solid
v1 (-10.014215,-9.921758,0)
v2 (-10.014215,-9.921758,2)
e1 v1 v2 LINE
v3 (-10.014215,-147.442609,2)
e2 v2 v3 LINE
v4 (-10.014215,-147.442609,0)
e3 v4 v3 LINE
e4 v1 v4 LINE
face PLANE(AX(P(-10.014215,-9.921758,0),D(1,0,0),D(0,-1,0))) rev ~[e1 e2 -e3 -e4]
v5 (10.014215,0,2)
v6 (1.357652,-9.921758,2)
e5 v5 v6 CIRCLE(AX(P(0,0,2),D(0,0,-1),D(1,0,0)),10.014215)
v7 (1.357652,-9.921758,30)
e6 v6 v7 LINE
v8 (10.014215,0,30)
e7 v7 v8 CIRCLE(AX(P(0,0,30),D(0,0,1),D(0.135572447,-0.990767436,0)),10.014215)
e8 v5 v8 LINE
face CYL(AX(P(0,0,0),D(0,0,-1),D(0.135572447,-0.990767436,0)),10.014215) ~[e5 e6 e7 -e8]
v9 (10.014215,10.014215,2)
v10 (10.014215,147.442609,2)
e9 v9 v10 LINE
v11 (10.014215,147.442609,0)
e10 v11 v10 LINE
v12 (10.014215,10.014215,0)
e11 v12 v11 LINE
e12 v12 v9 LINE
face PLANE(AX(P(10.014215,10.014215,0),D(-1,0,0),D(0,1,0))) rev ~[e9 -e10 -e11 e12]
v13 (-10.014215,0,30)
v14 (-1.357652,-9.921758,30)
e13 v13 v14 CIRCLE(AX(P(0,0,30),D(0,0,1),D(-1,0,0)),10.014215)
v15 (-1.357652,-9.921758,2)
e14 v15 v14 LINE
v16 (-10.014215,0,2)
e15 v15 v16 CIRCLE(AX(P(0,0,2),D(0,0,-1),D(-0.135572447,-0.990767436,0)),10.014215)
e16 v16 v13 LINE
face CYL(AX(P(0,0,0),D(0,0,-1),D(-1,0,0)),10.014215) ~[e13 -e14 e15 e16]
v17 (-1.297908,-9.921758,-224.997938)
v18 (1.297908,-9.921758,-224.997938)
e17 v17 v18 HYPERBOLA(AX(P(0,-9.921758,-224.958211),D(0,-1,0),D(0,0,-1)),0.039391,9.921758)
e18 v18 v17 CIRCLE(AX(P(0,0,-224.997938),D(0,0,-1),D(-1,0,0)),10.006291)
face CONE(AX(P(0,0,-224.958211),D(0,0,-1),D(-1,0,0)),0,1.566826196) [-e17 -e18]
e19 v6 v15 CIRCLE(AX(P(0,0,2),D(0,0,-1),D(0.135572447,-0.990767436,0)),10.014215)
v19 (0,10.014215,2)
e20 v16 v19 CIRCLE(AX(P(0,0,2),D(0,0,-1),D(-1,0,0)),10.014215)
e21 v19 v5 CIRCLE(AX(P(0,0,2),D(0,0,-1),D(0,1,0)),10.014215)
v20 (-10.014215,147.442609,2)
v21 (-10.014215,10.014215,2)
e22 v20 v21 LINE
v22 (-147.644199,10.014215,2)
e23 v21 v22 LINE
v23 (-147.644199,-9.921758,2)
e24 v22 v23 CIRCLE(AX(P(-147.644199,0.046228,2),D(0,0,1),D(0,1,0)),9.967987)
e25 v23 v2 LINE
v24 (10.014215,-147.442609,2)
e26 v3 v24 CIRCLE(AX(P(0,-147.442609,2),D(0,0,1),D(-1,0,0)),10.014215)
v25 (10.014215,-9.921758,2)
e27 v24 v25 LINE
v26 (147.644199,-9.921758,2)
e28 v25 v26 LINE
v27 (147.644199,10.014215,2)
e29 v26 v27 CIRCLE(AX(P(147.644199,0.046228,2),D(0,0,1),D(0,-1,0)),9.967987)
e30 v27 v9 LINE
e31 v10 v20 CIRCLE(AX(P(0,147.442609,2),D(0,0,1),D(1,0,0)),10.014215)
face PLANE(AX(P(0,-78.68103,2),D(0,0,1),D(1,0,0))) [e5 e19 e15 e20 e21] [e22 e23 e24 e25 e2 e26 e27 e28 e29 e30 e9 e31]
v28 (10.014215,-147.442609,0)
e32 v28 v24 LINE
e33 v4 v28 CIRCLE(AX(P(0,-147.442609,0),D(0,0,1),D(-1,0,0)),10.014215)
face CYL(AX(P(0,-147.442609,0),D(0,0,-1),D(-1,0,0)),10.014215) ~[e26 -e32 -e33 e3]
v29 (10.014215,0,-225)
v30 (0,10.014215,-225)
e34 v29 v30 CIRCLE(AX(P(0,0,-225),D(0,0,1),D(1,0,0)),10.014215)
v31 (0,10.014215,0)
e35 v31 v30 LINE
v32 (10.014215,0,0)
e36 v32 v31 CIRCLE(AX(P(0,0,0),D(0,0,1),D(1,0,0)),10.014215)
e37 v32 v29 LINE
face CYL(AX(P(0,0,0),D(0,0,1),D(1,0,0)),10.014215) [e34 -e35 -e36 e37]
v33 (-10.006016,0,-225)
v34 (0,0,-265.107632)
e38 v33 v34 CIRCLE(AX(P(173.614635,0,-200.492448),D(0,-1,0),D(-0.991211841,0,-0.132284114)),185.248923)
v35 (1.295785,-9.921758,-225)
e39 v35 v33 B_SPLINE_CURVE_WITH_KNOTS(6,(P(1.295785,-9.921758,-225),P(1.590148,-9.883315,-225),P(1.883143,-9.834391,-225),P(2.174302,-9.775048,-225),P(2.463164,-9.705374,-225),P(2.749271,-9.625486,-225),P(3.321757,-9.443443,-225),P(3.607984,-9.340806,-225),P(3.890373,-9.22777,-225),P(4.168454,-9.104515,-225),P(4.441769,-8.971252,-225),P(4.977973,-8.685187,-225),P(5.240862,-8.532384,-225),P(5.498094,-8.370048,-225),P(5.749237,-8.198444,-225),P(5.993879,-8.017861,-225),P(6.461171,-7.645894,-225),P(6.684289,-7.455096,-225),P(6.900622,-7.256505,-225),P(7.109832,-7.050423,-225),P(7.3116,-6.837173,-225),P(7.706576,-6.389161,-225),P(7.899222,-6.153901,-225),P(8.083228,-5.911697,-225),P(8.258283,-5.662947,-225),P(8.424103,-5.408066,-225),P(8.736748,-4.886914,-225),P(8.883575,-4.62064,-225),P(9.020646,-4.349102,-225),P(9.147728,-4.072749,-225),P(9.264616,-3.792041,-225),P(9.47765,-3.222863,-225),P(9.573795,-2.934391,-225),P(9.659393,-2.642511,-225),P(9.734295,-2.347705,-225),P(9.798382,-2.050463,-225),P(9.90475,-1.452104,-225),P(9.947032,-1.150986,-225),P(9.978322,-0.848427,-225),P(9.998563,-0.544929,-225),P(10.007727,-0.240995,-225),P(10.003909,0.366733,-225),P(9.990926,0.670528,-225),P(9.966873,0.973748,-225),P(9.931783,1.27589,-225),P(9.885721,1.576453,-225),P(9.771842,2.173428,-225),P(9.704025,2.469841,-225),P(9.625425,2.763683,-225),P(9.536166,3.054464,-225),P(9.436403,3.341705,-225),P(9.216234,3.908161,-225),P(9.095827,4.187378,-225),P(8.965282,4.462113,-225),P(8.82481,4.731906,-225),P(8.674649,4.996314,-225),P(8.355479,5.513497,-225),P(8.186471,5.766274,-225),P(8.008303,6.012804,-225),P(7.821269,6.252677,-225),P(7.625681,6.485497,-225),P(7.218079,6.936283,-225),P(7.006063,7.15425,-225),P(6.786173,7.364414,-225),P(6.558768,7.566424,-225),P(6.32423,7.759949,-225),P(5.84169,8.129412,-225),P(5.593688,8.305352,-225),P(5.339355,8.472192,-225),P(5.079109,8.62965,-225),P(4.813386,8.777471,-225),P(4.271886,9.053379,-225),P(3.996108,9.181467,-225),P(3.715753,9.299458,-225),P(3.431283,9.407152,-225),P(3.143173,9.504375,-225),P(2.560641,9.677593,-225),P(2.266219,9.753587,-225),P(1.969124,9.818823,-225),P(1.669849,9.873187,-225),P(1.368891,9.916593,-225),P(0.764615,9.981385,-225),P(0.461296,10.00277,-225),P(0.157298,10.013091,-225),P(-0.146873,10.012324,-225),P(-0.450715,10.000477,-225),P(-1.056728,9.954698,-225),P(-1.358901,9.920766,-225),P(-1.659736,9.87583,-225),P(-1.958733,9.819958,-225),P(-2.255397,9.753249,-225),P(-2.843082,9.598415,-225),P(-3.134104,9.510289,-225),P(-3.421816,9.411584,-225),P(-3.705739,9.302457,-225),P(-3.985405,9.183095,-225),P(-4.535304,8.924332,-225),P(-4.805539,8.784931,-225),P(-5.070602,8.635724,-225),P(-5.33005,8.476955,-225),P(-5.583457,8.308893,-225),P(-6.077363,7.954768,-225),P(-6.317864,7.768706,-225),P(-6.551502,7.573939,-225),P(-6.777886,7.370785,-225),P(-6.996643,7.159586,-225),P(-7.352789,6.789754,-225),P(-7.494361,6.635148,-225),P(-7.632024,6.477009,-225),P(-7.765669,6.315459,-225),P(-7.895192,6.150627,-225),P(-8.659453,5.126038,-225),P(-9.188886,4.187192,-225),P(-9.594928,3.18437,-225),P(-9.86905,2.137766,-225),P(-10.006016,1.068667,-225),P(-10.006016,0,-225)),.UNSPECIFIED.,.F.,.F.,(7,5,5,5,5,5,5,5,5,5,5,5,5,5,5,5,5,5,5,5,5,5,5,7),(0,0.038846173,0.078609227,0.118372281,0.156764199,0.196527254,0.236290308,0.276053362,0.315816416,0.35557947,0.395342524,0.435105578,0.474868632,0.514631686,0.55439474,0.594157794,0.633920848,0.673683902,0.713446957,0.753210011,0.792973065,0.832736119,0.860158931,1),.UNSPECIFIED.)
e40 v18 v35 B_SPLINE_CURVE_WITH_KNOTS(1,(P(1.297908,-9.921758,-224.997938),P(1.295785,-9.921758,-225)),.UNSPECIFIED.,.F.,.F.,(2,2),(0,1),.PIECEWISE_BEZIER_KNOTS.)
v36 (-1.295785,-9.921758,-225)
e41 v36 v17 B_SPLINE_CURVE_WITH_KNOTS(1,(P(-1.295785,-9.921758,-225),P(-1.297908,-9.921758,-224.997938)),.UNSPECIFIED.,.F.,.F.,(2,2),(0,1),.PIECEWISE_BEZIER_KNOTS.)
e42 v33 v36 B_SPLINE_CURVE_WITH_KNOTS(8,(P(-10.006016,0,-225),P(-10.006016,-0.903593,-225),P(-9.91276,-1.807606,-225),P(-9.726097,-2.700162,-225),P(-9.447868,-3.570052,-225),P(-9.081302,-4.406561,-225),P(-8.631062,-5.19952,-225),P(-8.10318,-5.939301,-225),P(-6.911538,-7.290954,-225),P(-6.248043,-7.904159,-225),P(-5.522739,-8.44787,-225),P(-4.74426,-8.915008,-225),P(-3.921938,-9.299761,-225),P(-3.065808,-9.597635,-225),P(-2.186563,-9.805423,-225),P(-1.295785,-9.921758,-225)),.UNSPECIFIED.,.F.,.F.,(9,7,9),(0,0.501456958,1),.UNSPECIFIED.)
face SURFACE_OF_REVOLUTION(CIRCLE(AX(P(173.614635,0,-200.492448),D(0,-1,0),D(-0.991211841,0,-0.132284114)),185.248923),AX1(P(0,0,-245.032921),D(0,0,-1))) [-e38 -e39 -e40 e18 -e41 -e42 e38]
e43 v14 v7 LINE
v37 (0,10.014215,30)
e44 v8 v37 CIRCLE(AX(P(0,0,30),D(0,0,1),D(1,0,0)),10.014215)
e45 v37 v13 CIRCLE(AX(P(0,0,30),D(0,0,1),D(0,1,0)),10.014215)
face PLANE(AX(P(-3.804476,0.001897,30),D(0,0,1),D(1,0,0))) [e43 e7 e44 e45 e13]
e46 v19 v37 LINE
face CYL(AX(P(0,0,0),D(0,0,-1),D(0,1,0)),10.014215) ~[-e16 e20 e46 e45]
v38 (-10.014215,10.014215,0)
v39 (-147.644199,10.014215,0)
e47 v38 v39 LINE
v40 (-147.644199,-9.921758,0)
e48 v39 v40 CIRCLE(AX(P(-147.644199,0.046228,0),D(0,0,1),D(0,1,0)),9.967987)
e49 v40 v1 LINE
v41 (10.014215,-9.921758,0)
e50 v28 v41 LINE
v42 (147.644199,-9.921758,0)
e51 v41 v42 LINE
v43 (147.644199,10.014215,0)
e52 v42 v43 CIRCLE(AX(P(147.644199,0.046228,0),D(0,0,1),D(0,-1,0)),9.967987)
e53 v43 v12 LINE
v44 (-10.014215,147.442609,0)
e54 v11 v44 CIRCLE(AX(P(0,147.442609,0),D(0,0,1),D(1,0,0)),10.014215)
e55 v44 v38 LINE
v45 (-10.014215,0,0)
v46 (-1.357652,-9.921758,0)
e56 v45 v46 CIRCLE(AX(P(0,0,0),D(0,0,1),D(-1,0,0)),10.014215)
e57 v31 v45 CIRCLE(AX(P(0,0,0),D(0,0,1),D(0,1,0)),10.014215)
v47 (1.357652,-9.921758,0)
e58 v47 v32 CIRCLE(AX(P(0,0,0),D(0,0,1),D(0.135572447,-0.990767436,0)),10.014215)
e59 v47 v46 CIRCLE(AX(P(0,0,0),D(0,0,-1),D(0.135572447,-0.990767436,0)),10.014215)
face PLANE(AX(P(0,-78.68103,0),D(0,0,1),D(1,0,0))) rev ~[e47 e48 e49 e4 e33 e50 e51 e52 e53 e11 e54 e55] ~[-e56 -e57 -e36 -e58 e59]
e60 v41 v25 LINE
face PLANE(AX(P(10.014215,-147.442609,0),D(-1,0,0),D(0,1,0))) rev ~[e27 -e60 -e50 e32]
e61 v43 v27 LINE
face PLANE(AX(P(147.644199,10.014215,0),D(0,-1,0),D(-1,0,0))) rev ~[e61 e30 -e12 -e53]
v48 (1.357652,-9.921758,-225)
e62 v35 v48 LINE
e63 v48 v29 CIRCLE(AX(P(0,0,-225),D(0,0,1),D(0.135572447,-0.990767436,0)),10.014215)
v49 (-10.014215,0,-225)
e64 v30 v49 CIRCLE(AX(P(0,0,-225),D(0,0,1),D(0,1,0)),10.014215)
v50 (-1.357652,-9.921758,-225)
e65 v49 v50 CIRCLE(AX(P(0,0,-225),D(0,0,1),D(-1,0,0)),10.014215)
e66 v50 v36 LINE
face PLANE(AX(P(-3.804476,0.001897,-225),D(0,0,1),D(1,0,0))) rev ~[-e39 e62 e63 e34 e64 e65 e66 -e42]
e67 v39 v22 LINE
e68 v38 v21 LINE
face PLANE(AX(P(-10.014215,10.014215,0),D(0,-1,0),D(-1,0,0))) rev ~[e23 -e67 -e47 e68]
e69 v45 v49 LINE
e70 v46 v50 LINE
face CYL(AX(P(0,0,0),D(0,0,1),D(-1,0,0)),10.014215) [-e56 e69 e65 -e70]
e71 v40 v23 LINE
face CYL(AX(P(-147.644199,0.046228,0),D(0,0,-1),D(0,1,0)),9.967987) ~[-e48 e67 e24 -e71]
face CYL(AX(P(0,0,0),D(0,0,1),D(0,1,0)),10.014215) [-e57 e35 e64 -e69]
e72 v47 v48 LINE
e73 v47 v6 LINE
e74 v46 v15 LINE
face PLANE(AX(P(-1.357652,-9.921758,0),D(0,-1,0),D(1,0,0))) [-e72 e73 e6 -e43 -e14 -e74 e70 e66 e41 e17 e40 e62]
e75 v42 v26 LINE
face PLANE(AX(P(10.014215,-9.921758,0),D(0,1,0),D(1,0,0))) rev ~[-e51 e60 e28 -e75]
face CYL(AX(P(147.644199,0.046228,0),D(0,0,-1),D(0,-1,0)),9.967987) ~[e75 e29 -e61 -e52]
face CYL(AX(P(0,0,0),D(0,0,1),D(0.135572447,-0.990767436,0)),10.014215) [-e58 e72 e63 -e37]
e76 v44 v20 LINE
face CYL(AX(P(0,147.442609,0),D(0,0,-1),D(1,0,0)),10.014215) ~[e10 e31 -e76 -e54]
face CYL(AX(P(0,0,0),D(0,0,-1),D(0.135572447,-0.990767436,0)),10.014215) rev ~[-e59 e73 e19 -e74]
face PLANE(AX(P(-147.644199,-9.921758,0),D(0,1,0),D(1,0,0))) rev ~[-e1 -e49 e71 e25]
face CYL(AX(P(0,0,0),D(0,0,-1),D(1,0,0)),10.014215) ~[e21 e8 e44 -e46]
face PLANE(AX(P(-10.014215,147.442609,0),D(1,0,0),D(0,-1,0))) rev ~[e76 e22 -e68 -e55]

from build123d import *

# Parameters (mm, degrees)
F1_DEPTH      = 30
F1_DEPTH_BACK = 225
F2_DEPTH      = 2


with BuildPart() as f1:
    # F0 (on Top) → F1 (new body, two sides)
    with BuildSketch(Plane.XY) as f1_sk:
        with BuildLine():
            Line((0, -9.9217584357), (0, 10.0142153224))
            ThreePointArc((0, 10.0142153224), (-7.0811195627, 7.0811195627), (-10.0142153224, 0))
            ThreePointArc((-10.0142153224, 0), (-7.5458705502, -6.5836423174), (-1.3576516741, -9.9217584357))
            Line((-1.3576516741, -9.9217584357), (0, -9.9217584357))
        make_face()
        with BuildLine():
            ThreePointArc((1.3576516741, -9.9217584357), (7.5458705502, -6.5836423174), (10.0142153224, 0))
            ThreePointArc((10.0142153224, 0), (7.0811195627, 7.0811195627), (0, 10.0142153224))
            Line((0, 10.0142153224), (0, -9.9217584357))
            Line((0, -9.9217584357), (1.3576516741, -9.9217584357))
        make_face()
    extrude(amount=F1_DEPTH)
    extrude(f1_sk.sketch, amount=-F1_DEPTH_BACK)

    # F0 (on Top) → F2 (join)
    with BuildSketch(Plane.XY):
        with BuildLine():
            Line((10.0142153224, -9.9217584357), (1.3576516741, -9.9217584357))
            ThreePointArc((1.3576516741, -9.9217584357), (0, -10.0142153224), (-1.3576516741, -9.9217584357))
            Line((-1.3576516741, -9.9217584357), (-10.0142153224, -9.9217584357))
            Line((-10.0142153224, -9.9217584357), (-10.0142153224, -147.4426090717))
            Line((-10.0142153224, -147.4426090717), (10.0142153224, -147.4426090717))
            Line((10.0142153224, -147.4426090717), (10.0142153224, -9.9217584357))
        make_face()
        with BuildLine():
            ThreePointArc((-10.0142153224, -147.4426090717), (0, -157.4568243942), (10.0142153224, -147.4426090717))
            Line((10.0142153224, -147.4426090717), (-10.0142153224, -147.4426090717))
        make_face()
        with BuildLine():
            ThreePointArc((147.6441994309, -9.9217584357), (157.61218631, 0.0462284434), (147.6441994309, 10.0142153224))
            Line((147.6441994309, 10.0142153224), (147.6441994309, -9.9217584357))
        make_face()
        Polygon((10.0142153224, 10.0142153224), (10.0142153224, 0), (10.0142153224, -9.9217584357), (147.6441994309, -9.9217584357), (147.6441994309, 10.0142153224), align=None)
        Polygon((-10.0142153224, -9.9217584357), (-10.0142153224, 0), (-10.0142153224, 10.0142153224), (-147.6441994309, 10.0142153224), (-147.6441994309, -9.9217584357), align=None)
        Polygon((-10.0142153224, 10.0142153224), (0, 10.0142153224), (10.0142153224, 10.0142153224), (10.0142153224, 147.4426090717), (-10.0142153224, 147.4426090717), align=None)
        with BuildLine():
            Line((-10.0142153224, 147.4426090717), (10.0142153224, 147.4426090717))
            ThreePointArc((10.0142153224, 147.4426090717), (0, 157.4568243942), (-10.0142153224, 147.4426090717))
        make_face()
        with BuildLine():
            Line((-147.6441994309, -9.9217584357), (-147.6441994309, 10.0142153224))
            ThreePointArc((-147.6441994309, 10.0142153224), (-157.61218631, 0.0462284434), (-147.6441994309, -9.9217584357))
        make_face()
        with BuildLine():
            ThreePointArc((0, 10.0142153224), (7.0811195627, 7.0811195627), (10.0142153224, 0))
            Line((10.0142153224, 0), (10.0142153224, 10.0142153224))
            Line((10.0142153224, 10.0142153224), (0, 10.0142153224))
        make_face()
        with BuildLine():
            ThreePointArc((-10.0142153224, 0), (-7.0811195627, 7.0811195627), (0, 10.0142153224))
            Line((0, 10.0142153224), (-10.0142153224, 10.0142153224))
            Line((-10.0142153224, 10.0142153224), (-10.0142153224, 0))
        make_face()
        with BuildLine():
            ThreePointArc((-1.3576516741, -9.9217584357), (-7.5458705502, -6.5836423174), (-10.0142153224, 0))
            Line((-10.0142153224, 0), (-10.0142153224, -9.9217584357))
            Line((-10.0142153224, -9.9217584357), (-1.3576516741, -9.9217584357))
        make_face()
        with BuildLine():
            Line((10.0142153224, -9.9217584357), (10.0142153224, 0))
            ThreePointArc((10.0142153224, 0), (7.5458705502, -6.5836423174), (1.3576516741, -9.9217584357))
            Line((1.3576516741, -9.9217584357), (10.0142153224, -9.9217584357))
        make_face()
    extrude(amount=F2_DEPTH)

    # F3 (on Front) → F4 (revolve)
    with BuildSketch(Plane.XZ):
        Polygon((0, -265.1076316833), (0, -224.9582111835), (-10.0062908605, -224.9979376793), align=None)
        with BuildLine():
            ThreePointArc((-10.0062908605, -224.9979376793), (-6.1254784251, -245.3327766052), (0, -265.1076316833))
            Line((0, -265.1076316833), (-10.0062908605, -224.9979376793))
        make_face()
    revolve(axis=Axis((0, 0, -245.0329214334), (0, 0, -1)))


solid = f1.part
